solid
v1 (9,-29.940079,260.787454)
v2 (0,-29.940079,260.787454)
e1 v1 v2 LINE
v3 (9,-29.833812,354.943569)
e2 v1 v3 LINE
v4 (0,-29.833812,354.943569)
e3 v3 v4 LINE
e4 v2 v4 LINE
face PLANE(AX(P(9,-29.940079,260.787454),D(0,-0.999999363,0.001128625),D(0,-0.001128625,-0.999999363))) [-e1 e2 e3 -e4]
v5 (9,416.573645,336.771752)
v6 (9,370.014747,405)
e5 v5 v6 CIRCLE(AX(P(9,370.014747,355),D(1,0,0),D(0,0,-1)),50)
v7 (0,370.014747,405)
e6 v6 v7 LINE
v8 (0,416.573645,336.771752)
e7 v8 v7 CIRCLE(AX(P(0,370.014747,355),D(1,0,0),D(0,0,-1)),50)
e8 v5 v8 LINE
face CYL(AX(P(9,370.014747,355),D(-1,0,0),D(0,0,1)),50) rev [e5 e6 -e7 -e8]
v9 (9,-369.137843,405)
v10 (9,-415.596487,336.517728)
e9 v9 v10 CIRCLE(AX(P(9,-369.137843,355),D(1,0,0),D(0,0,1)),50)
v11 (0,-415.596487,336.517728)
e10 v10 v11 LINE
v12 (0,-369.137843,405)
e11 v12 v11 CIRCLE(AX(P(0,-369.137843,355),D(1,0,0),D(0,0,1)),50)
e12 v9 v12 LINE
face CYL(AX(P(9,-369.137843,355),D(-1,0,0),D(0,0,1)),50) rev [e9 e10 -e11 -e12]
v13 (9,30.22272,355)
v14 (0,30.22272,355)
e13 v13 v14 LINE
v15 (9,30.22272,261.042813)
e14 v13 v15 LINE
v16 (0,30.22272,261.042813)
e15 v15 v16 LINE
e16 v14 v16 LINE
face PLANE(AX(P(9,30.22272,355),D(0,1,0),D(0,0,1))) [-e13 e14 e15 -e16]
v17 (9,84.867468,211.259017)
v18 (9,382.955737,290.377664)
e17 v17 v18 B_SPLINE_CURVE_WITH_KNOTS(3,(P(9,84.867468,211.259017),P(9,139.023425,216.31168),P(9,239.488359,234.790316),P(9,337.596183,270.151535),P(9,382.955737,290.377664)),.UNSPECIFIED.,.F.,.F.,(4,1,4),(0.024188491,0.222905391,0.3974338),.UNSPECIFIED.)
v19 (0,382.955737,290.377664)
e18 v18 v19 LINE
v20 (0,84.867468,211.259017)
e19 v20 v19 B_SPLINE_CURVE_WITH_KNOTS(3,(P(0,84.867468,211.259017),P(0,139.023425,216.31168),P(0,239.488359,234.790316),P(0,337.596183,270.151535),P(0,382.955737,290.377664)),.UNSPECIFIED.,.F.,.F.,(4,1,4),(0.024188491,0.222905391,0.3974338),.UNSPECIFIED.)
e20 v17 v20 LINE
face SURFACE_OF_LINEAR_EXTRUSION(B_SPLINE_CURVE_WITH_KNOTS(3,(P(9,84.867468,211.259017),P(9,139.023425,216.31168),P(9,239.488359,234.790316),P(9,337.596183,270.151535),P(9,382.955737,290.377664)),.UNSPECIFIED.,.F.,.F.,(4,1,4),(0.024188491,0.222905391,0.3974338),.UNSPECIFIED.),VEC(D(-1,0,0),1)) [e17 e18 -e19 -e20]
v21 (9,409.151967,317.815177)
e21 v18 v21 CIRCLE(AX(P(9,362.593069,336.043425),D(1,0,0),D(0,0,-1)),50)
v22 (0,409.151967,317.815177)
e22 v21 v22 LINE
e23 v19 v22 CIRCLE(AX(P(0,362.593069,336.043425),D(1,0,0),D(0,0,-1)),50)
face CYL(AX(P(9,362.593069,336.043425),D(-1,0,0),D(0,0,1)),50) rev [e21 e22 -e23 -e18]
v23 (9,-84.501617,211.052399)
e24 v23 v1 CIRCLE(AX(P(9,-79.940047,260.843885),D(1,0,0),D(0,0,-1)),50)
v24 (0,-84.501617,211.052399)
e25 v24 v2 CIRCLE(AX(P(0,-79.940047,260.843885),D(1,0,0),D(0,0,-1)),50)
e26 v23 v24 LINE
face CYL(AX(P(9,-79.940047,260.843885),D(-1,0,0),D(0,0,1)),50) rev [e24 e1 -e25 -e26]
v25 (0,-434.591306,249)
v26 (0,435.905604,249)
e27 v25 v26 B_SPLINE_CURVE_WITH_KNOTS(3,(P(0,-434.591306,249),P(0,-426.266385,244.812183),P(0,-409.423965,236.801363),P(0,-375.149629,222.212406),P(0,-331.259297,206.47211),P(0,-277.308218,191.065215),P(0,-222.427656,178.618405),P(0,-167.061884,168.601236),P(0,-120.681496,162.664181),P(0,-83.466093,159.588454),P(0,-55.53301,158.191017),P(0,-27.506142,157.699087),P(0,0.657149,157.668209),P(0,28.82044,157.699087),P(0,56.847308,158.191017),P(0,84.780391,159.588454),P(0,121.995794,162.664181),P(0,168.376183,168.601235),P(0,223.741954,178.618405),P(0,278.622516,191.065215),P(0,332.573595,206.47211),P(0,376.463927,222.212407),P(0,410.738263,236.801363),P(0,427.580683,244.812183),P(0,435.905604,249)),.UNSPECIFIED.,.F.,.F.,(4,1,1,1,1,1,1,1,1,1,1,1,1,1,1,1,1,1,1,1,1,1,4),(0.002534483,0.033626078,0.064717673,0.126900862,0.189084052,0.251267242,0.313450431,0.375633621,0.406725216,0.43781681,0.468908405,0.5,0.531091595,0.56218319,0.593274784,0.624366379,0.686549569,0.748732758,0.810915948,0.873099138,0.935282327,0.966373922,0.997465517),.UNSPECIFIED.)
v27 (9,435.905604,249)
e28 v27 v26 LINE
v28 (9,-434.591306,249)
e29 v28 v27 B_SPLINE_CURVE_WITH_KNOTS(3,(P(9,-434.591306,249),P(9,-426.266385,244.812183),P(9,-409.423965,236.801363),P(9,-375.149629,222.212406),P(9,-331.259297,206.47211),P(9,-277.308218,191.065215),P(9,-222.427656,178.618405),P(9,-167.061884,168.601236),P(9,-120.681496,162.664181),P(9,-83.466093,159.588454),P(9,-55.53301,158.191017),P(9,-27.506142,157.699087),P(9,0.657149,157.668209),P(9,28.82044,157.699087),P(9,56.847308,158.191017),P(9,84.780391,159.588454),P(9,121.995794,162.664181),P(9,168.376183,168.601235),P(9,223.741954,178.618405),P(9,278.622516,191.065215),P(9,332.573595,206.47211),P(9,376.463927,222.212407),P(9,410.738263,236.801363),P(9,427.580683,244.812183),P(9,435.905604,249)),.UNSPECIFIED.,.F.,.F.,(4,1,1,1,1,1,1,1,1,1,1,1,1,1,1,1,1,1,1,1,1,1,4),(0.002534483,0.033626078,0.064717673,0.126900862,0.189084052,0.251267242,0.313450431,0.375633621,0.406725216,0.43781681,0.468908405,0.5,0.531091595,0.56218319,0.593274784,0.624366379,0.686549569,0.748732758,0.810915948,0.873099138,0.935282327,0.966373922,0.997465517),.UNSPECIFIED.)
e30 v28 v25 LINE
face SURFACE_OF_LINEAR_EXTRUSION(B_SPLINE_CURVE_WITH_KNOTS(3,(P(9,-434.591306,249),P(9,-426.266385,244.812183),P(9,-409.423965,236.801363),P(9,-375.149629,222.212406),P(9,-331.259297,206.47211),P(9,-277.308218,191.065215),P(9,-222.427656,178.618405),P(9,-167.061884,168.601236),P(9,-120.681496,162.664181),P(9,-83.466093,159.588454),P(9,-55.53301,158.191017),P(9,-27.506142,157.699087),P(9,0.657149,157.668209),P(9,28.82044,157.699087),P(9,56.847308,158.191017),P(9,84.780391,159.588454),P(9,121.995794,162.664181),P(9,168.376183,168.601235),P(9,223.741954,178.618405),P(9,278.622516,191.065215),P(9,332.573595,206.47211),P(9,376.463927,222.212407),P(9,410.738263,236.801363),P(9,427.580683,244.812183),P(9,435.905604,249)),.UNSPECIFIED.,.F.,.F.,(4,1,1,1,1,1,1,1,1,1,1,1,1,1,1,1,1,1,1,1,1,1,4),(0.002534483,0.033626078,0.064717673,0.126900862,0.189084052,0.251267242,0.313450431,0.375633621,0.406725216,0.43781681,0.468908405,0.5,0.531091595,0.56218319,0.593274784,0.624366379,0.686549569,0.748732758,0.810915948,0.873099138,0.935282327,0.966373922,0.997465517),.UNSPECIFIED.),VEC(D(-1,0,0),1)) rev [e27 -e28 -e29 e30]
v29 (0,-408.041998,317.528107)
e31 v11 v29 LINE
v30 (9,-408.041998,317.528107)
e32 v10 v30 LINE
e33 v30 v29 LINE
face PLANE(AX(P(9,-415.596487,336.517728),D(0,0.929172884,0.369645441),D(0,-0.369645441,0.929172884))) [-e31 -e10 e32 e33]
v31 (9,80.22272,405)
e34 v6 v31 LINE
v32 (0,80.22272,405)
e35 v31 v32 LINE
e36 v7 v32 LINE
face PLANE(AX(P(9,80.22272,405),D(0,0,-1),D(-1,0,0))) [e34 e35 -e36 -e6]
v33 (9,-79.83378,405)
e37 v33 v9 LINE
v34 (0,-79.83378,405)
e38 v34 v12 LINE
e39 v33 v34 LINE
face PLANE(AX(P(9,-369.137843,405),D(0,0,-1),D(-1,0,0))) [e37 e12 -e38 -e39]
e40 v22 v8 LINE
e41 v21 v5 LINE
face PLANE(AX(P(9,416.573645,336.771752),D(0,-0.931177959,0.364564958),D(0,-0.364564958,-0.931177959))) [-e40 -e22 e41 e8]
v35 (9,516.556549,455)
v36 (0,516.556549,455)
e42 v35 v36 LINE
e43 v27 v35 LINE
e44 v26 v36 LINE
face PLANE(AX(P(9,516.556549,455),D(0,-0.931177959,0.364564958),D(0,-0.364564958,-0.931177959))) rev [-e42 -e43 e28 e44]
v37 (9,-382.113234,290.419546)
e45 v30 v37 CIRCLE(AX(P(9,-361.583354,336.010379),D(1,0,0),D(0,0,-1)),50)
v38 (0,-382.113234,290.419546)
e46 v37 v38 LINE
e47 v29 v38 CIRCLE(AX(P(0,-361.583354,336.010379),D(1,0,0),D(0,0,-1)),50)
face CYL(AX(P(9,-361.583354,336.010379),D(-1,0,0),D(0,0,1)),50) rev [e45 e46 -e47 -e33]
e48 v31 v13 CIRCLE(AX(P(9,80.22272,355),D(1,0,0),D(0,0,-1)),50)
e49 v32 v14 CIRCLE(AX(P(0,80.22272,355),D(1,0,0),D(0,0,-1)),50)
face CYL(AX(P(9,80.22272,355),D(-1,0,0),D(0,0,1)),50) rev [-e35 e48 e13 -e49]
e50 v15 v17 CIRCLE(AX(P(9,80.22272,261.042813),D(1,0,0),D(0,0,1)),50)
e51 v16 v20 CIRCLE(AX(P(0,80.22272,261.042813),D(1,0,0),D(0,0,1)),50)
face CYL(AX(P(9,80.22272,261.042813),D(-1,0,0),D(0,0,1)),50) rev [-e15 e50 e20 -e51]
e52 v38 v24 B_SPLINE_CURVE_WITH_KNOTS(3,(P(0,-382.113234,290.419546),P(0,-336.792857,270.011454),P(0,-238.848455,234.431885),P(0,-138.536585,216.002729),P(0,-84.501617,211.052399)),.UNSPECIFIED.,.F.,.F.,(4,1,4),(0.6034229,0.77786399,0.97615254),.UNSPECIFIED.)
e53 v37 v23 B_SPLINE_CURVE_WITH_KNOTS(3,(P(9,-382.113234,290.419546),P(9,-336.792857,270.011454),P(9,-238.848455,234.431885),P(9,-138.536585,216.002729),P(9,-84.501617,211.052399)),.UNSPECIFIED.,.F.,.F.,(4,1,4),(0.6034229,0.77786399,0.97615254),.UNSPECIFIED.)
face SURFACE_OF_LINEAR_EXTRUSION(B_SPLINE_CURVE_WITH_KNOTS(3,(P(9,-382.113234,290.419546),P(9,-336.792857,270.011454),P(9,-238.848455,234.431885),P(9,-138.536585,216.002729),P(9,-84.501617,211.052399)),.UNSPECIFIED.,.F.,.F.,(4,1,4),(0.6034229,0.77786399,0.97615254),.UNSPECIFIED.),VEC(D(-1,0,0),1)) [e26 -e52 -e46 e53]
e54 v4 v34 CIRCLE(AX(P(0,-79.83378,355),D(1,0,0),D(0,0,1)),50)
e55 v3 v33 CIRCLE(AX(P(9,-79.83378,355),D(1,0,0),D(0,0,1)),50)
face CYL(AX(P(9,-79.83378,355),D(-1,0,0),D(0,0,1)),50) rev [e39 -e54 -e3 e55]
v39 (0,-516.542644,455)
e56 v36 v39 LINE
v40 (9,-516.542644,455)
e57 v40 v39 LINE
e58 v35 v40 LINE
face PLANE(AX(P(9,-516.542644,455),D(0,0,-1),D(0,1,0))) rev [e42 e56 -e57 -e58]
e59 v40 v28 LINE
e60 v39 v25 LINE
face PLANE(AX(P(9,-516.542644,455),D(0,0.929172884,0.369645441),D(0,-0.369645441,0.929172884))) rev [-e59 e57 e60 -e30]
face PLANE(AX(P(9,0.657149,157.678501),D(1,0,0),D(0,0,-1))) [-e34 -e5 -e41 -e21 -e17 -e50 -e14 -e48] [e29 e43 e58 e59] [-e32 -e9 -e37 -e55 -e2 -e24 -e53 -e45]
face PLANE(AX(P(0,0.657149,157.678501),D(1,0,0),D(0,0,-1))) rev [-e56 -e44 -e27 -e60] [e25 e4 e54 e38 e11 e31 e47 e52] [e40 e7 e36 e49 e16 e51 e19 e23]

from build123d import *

# Parameters (mm, degrees)
EXTRUDE_4_DEPTH = 9


with BuildPart() as part:
    # Эскиз1 → Бобышка-Вытянуть4 (new body)
    with BuildSketch(Plane(origin=(0, 0, 0), x_dir=(0, 0, -1), z_dir=(1, 0, 0))):
        with BuildLine():
            Line((-455, -516.542644104), (-455, 516.556548518))
            Line((-455, 516.556548518), (-248.999999692, 435.905604479))
            add(Edge.make_bspline(
                [(-248.999999692, 435.905604479), (-244.812182794, 427.580683135), (-236.801363167, 410.73826292), (-222.212406758, 376.463926678), (-206.472110198, 332.573595341), (-191.065214882, 278.622516157), (-178.618404528, 223.741954043), (-168.601235151, 168.376182512), (-162.664180548, 121.995794186), (-159.588454358, 84.78039118), (-158.191016915, 56.847307797), (-157.699086883, 28.820440013), (-157.668208508, 0.657149051), (-157.69908686, -27.506141911), (-158.191016904, -55.533009684), (-159.588454431, -83.466093036), (-162.664180797, -120.681496001), (-168.601235656, -167.061884287), (-178.618405136, -222.427655869), (-191.065215126, -277.308218149), (-206.47210996, -331.259297463), (-222.212406313, -375.149628797), (-236.801362845, -409.423964908), (-244.812182664, -426.266385019), (-248.999999692, -434.591306286)],
                knots=[0.002534483, 0.002534483, 0.002534483, 0.002534483, 0.033626078, 0.064717673, 0.126900862, 0.189084052, 0.251267242, 0.313450431, 0.375633621, 0.406725216, 0.43781681, 0.468908405, 0.5, 0.531091595, 0.56218319, 0.593274784, 0.624366379, 0.686549569, 0.748732758, 0.810915948, 0.873099138, 0.935282327, 0.966373922, 0.997465517, 0.997465517, 0.997465517, 0.997465517], degree=3))
            Line((-248.999999692, -434.591306286), (-455, -516.542644104))
        make_face()
        with BuildLine():
            Line((-405, -369.137843077), (-405, -79.83378018))
            ThreePointArc((-405, -79.83378018), (-390.335381972, -44.458495292), (-354.943568764, -29.833812025))
            Line((-354.943568764, -29.833812025), (-260.787453694, -29.940079012))
            ThreePointArc((-260.787453694, -29.940079012), (-223.891969122, -46.256877511), (-211.052398945, -84.501617445))
            add(Edge.make_bspline(
                [(-211.052398945, -84.501617445), (-216.00272922, -138.536584682), (-234.431884839, -238.848455182), (-270.011454394, -336.792856901), (-290.419546493, -382.113233823)],
                knots=[0.6034229, 0.6034229, 0.6034229, 0.6034229, 0.80171145, 0.97615254, 0.97615254, 0.97615254, 0.97615254], degree=3))
            ThreePointArc((-290.419546493, -382.113233823), (-301.450056693, -397.716221108), (-317.52810706, -408.041997779))
            Line((-317.52810706, -408.041997779), (-336.517727965, -415.596487272))
            ThreePointArc((-336.517727965, -415.596487272), (-383.070325953, -410.514851196), (-405, -369.137843077))
        make_face(mode=Mode.SUBTRACT)
        with BuildLine():
            Line((-336.771752099, 416.573644789), (-317.815177046, 409.151966772))
            ThreePointArc((-317.815177046, 409.151966772), (-301.515585195, 398.756977377), (-290.377663678, 382.955736813))
            add(Edge.make_bspline(
                [(-290.377663678, 382.955736813), (-270.15153544, 337.596182562), (-234.790316493, 239.488359394), (-216.31168023, 139.023424648), (-211.259016819, 84.867467904)],
                knots=[0.024188491, 0.024188491, 0.024188491, 0.024188491, 0.1987169, 0.3974338, 0.3974338, 0.3974338, 0.3974338], degree=3))
            ThreePointArc((-211.259016819, 84.867467904), (-224.0817696, 46.549566009), (-261.042812551, 30.222720063))
            Line((-261.042812551, 30.222720063), (-355, 30.222720063))
            ThreePointArc((-355, 30.222720063), (-390.355339059, 44.867381004), (-405, 80.222720063))
            Line((-405, 80.222720063), (-405, 370.014746838))
            ThreePointArc((-405, 370.014746838), (-383.183218455, 411.314942933), (-336.771752099, 416.573644789))
        make_face(mode=Mode.SUBTRACT)
    extrude(amount=EXTRUDE_4_DEPTH)


solid = part.part
